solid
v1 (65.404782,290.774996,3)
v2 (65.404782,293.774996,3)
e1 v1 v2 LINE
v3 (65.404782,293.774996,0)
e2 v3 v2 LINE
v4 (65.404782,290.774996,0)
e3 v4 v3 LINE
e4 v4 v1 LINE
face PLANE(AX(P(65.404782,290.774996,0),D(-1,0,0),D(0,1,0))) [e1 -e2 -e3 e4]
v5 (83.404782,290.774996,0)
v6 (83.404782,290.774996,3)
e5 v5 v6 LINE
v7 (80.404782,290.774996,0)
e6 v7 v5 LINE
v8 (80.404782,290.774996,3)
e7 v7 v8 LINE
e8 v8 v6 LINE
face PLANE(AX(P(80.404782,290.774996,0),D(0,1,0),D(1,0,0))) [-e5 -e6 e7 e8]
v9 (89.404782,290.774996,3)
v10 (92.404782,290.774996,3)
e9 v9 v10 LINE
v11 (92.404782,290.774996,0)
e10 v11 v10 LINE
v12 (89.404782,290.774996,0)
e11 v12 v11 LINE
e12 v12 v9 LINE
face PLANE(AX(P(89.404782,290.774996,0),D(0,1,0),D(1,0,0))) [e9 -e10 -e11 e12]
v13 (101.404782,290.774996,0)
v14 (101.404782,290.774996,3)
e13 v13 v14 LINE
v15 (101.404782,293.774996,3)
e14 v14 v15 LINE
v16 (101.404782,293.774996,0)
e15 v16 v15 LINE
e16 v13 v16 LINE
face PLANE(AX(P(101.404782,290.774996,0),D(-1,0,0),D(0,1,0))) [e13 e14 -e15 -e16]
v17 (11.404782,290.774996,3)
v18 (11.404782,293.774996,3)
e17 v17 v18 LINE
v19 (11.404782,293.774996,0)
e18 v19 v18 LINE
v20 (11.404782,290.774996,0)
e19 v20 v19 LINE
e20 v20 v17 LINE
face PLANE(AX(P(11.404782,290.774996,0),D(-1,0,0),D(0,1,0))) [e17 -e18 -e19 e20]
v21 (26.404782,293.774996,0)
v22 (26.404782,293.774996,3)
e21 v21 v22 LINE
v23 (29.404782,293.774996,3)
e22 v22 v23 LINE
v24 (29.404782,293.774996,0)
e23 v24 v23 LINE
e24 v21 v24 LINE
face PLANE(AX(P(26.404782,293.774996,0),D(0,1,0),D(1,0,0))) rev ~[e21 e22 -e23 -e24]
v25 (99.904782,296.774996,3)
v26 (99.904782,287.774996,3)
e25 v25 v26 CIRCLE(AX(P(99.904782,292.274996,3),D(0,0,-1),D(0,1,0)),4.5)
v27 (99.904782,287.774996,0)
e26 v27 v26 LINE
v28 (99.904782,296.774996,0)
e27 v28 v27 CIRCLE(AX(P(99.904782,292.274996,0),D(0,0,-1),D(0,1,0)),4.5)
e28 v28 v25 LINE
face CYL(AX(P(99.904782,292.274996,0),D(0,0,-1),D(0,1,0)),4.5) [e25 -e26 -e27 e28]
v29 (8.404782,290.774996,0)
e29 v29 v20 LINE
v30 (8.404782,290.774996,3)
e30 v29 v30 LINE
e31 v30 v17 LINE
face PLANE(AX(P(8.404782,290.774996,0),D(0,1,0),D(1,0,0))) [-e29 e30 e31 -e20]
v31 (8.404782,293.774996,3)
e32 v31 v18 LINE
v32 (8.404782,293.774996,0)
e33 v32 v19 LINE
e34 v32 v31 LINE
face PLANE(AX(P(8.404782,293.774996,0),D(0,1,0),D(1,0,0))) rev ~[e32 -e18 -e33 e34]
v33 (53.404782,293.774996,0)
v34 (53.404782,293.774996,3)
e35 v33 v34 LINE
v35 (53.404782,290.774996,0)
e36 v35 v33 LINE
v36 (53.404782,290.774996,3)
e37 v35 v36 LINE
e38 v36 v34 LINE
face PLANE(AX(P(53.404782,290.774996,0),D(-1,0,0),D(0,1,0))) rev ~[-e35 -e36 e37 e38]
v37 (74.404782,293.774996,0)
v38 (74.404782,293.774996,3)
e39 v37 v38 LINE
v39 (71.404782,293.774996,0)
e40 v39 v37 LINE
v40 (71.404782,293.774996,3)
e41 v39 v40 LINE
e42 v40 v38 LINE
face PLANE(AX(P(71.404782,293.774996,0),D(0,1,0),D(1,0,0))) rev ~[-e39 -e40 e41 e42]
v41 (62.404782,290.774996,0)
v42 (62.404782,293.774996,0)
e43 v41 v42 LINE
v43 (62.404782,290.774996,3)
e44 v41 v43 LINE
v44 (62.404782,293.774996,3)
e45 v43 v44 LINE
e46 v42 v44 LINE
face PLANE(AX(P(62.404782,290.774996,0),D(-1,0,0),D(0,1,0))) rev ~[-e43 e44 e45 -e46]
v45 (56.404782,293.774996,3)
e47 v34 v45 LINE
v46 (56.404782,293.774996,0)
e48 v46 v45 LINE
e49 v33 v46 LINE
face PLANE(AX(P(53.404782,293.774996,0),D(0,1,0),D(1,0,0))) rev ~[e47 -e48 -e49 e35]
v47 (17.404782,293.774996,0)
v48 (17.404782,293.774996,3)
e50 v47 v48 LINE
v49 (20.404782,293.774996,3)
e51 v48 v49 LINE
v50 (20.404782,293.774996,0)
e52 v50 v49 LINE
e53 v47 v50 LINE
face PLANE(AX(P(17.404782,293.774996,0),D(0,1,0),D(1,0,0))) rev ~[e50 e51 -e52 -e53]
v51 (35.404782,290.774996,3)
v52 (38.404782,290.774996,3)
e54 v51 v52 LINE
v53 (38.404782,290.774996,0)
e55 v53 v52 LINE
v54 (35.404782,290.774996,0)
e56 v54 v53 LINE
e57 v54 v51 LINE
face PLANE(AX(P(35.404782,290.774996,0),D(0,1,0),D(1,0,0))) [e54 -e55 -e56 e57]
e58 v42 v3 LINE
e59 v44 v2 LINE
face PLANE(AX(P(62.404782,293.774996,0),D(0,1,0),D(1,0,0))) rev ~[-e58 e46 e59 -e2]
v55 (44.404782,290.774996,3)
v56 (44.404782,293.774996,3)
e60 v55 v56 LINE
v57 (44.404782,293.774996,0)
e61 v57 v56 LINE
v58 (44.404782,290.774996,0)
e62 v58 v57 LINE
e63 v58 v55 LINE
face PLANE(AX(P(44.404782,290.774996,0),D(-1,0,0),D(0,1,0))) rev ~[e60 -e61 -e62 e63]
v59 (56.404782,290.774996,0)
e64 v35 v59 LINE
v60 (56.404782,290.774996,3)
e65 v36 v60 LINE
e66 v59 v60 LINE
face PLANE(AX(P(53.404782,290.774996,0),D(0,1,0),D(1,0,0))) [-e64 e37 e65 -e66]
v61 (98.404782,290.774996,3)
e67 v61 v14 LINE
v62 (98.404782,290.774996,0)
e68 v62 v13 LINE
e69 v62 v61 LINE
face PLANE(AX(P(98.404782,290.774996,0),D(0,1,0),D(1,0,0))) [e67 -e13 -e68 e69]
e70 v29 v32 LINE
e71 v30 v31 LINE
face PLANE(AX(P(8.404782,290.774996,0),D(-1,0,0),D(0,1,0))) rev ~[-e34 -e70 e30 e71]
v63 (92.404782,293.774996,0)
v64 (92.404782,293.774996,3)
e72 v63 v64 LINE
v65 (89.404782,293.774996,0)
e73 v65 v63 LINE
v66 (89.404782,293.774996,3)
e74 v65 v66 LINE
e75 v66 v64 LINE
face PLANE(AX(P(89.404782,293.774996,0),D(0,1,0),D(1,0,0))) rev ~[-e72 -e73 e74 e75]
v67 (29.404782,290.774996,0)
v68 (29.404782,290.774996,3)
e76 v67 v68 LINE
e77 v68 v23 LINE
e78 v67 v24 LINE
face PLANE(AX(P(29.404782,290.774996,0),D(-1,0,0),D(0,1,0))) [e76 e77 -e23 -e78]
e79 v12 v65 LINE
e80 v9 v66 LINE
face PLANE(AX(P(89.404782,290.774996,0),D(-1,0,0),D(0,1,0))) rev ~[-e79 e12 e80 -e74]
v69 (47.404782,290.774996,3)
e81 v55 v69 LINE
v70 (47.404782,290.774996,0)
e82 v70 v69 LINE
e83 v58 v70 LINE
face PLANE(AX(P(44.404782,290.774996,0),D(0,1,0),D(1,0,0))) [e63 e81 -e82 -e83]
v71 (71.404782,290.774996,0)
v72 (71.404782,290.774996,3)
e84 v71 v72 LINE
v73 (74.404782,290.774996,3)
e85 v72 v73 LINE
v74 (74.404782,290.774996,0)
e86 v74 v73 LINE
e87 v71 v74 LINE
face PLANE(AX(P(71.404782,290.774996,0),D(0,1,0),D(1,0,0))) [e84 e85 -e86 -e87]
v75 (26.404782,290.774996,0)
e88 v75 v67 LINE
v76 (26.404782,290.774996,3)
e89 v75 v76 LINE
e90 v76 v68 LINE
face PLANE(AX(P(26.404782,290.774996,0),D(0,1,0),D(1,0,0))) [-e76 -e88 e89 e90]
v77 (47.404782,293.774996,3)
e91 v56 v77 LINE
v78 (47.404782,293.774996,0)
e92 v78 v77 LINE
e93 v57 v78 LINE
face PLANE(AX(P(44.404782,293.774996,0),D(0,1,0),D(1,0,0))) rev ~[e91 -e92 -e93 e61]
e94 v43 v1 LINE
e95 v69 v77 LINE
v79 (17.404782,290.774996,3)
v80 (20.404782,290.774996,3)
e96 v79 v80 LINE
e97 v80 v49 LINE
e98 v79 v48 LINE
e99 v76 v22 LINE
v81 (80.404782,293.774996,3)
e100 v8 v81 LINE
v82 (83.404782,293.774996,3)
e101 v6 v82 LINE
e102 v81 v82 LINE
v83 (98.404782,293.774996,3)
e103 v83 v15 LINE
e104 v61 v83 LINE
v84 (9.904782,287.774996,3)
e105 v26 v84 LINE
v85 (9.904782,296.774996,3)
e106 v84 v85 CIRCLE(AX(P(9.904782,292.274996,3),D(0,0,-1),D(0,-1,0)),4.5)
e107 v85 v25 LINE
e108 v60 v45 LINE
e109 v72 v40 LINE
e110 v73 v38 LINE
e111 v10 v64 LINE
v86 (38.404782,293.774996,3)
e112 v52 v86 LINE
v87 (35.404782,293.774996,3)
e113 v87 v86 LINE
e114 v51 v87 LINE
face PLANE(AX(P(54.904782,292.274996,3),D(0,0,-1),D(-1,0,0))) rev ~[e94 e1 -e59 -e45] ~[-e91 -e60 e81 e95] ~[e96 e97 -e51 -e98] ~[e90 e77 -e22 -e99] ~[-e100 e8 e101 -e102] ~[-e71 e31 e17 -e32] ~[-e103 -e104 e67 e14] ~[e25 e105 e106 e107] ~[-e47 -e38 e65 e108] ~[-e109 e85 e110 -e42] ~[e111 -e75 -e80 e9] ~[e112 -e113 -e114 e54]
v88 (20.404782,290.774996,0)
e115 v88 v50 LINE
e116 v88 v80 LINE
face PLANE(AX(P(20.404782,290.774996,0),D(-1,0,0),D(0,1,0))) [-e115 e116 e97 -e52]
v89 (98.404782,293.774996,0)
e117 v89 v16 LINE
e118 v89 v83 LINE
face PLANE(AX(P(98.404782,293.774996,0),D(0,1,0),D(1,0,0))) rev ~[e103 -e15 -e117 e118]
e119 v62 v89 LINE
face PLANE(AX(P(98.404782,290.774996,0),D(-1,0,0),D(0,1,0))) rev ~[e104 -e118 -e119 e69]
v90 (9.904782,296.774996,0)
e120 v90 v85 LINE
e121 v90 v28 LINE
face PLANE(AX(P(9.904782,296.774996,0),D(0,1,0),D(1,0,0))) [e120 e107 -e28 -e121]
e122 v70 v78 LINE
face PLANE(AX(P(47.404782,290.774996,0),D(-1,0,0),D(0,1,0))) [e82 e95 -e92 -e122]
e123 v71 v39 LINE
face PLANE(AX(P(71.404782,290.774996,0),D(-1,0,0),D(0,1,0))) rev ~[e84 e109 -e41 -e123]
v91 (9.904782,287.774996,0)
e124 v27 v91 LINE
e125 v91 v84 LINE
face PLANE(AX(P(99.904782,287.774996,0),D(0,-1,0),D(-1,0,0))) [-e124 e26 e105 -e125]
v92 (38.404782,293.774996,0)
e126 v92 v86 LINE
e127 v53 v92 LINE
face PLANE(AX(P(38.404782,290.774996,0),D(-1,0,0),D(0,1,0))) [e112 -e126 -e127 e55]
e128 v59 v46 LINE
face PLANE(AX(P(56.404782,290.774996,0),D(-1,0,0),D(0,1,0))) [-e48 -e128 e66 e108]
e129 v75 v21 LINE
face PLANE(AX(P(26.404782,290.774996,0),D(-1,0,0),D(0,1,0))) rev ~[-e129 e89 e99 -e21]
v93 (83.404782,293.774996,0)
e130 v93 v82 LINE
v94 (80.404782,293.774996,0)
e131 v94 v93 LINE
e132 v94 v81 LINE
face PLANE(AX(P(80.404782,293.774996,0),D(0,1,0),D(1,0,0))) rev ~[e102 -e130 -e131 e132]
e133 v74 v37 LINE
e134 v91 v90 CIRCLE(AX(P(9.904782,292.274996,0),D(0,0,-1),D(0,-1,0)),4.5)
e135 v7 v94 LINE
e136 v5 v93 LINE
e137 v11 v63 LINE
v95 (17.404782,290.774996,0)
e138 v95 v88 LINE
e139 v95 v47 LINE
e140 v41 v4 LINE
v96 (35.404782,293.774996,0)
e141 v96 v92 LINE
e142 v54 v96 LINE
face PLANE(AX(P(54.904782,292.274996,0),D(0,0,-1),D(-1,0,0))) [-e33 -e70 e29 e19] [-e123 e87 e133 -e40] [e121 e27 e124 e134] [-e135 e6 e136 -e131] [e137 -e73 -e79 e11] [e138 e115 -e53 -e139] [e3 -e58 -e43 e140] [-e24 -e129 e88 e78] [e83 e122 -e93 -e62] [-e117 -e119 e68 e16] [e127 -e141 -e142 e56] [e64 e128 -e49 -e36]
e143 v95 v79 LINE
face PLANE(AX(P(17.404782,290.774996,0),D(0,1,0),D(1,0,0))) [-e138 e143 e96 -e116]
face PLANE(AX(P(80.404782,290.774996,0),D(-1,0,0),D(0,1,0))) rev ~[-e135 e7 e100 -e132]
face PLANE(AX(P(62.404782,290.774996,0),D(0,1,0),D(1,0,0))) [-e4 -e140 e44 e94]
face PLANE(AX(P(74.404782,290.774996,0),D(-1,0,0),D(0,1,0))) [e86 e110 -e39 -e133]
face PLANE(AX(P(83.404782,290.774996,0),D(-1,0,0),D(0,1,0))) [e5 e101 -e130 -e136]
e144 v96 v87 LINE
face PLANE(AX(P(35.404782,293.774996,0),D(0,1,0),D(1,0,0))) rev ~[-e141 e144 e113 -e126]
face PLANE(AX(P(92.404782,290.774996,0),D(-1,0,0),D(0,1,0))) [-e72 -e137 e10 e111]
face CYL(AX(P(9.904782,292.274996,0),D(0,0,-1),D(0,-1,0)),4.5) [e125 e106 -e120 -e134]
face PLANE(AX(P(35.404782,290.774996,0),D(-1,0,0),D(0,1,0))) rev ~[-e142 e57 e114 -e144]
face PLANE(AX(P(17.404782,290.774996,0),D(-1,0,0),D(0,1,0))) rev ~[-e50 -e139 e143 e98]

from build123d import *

# Parameters (mm, degrees)
MODEL_W                 = 3
MODEL_H                 = 3
SALIENTE_EXTRUIR1_DEPTH = 3


with BuildPart() as part:
    # Model → Saliente-Extruir1 (new body)
    with BuildSketch(Plane.XY):
        with BuildLine():
            Line((9.904781567, 296.774995526), (99.904781567, 296.774995526))
            ThreePointArc((99.904781567, 296.774995526), (104.404781567, 292.274995526), (99.904781567, 287.774995526))
            Line((99.904781567, 287.774995526), (9.904781567, 287.774995526))
            ThreePointArc((9.904781567, 287.774995526), (5.404781567, 292.274995526), (9.904781567, 296.774995526))
        make_face()
        with Locations((9.904781567, 292.274995526)):
            Rectangle(MODEL_W, MODEL_H, mode=Mode.SUBTRACT)
        with Locations((18.904781567, 292.274995526)):
            Rectangle(MODEL_W, MODEL_H, mode=Mode.SUBTRACT)
        with Locations((27.904781567, 292.274995526)):
            Rectangle(MODEL_W, MODEL_H, mode=Mode.SUBTRACT)
        with Locations((36.904781567, 292.274995526)):
            Rectangle(MODEL_W, MODEL_H, mode=Mode.SUBTRACT)
        with Locations((45.904781567, 292.274995526)):
            Rectangle(MODEL_W, MODEL_H, mode=Mode.SUBTRACT)
        with Locations((54.904781567, 292.274995526)):
            Rectangle(MODEL_W, MODEL_H, mode=Mode.SUBTRACT)
        with Locations((63.904781567, 292.274995526)):
            Rectangle(MODEL_W, MODEL_H, mode=Mode.SUBTRACT)
        with Locations((72.904781567, 292.274995526)):
            Rectangle(MODEL_W, MODEL_H, mode=Mode.SUBTRACT)
        with Locations((81.904781567, 292.274995526)):
            Rectangle(MODEL_W, MODEL_H, mode=Mode.SUBTRACT)
        with Locations((90.904781567, 292.274995526)):
            Rectangle(MODEL_W, MODEL_H, mode=Mode.SUBTRACT)
        with Locations((99.904781567, 292.274995526)):
            Rectangle(MODEL_W, MODEL_H, mode=Mode.SUBTRACT)
    extrude(amount=SALIENTE_EXTRUIR1_DEPTH)


solid = part.part
